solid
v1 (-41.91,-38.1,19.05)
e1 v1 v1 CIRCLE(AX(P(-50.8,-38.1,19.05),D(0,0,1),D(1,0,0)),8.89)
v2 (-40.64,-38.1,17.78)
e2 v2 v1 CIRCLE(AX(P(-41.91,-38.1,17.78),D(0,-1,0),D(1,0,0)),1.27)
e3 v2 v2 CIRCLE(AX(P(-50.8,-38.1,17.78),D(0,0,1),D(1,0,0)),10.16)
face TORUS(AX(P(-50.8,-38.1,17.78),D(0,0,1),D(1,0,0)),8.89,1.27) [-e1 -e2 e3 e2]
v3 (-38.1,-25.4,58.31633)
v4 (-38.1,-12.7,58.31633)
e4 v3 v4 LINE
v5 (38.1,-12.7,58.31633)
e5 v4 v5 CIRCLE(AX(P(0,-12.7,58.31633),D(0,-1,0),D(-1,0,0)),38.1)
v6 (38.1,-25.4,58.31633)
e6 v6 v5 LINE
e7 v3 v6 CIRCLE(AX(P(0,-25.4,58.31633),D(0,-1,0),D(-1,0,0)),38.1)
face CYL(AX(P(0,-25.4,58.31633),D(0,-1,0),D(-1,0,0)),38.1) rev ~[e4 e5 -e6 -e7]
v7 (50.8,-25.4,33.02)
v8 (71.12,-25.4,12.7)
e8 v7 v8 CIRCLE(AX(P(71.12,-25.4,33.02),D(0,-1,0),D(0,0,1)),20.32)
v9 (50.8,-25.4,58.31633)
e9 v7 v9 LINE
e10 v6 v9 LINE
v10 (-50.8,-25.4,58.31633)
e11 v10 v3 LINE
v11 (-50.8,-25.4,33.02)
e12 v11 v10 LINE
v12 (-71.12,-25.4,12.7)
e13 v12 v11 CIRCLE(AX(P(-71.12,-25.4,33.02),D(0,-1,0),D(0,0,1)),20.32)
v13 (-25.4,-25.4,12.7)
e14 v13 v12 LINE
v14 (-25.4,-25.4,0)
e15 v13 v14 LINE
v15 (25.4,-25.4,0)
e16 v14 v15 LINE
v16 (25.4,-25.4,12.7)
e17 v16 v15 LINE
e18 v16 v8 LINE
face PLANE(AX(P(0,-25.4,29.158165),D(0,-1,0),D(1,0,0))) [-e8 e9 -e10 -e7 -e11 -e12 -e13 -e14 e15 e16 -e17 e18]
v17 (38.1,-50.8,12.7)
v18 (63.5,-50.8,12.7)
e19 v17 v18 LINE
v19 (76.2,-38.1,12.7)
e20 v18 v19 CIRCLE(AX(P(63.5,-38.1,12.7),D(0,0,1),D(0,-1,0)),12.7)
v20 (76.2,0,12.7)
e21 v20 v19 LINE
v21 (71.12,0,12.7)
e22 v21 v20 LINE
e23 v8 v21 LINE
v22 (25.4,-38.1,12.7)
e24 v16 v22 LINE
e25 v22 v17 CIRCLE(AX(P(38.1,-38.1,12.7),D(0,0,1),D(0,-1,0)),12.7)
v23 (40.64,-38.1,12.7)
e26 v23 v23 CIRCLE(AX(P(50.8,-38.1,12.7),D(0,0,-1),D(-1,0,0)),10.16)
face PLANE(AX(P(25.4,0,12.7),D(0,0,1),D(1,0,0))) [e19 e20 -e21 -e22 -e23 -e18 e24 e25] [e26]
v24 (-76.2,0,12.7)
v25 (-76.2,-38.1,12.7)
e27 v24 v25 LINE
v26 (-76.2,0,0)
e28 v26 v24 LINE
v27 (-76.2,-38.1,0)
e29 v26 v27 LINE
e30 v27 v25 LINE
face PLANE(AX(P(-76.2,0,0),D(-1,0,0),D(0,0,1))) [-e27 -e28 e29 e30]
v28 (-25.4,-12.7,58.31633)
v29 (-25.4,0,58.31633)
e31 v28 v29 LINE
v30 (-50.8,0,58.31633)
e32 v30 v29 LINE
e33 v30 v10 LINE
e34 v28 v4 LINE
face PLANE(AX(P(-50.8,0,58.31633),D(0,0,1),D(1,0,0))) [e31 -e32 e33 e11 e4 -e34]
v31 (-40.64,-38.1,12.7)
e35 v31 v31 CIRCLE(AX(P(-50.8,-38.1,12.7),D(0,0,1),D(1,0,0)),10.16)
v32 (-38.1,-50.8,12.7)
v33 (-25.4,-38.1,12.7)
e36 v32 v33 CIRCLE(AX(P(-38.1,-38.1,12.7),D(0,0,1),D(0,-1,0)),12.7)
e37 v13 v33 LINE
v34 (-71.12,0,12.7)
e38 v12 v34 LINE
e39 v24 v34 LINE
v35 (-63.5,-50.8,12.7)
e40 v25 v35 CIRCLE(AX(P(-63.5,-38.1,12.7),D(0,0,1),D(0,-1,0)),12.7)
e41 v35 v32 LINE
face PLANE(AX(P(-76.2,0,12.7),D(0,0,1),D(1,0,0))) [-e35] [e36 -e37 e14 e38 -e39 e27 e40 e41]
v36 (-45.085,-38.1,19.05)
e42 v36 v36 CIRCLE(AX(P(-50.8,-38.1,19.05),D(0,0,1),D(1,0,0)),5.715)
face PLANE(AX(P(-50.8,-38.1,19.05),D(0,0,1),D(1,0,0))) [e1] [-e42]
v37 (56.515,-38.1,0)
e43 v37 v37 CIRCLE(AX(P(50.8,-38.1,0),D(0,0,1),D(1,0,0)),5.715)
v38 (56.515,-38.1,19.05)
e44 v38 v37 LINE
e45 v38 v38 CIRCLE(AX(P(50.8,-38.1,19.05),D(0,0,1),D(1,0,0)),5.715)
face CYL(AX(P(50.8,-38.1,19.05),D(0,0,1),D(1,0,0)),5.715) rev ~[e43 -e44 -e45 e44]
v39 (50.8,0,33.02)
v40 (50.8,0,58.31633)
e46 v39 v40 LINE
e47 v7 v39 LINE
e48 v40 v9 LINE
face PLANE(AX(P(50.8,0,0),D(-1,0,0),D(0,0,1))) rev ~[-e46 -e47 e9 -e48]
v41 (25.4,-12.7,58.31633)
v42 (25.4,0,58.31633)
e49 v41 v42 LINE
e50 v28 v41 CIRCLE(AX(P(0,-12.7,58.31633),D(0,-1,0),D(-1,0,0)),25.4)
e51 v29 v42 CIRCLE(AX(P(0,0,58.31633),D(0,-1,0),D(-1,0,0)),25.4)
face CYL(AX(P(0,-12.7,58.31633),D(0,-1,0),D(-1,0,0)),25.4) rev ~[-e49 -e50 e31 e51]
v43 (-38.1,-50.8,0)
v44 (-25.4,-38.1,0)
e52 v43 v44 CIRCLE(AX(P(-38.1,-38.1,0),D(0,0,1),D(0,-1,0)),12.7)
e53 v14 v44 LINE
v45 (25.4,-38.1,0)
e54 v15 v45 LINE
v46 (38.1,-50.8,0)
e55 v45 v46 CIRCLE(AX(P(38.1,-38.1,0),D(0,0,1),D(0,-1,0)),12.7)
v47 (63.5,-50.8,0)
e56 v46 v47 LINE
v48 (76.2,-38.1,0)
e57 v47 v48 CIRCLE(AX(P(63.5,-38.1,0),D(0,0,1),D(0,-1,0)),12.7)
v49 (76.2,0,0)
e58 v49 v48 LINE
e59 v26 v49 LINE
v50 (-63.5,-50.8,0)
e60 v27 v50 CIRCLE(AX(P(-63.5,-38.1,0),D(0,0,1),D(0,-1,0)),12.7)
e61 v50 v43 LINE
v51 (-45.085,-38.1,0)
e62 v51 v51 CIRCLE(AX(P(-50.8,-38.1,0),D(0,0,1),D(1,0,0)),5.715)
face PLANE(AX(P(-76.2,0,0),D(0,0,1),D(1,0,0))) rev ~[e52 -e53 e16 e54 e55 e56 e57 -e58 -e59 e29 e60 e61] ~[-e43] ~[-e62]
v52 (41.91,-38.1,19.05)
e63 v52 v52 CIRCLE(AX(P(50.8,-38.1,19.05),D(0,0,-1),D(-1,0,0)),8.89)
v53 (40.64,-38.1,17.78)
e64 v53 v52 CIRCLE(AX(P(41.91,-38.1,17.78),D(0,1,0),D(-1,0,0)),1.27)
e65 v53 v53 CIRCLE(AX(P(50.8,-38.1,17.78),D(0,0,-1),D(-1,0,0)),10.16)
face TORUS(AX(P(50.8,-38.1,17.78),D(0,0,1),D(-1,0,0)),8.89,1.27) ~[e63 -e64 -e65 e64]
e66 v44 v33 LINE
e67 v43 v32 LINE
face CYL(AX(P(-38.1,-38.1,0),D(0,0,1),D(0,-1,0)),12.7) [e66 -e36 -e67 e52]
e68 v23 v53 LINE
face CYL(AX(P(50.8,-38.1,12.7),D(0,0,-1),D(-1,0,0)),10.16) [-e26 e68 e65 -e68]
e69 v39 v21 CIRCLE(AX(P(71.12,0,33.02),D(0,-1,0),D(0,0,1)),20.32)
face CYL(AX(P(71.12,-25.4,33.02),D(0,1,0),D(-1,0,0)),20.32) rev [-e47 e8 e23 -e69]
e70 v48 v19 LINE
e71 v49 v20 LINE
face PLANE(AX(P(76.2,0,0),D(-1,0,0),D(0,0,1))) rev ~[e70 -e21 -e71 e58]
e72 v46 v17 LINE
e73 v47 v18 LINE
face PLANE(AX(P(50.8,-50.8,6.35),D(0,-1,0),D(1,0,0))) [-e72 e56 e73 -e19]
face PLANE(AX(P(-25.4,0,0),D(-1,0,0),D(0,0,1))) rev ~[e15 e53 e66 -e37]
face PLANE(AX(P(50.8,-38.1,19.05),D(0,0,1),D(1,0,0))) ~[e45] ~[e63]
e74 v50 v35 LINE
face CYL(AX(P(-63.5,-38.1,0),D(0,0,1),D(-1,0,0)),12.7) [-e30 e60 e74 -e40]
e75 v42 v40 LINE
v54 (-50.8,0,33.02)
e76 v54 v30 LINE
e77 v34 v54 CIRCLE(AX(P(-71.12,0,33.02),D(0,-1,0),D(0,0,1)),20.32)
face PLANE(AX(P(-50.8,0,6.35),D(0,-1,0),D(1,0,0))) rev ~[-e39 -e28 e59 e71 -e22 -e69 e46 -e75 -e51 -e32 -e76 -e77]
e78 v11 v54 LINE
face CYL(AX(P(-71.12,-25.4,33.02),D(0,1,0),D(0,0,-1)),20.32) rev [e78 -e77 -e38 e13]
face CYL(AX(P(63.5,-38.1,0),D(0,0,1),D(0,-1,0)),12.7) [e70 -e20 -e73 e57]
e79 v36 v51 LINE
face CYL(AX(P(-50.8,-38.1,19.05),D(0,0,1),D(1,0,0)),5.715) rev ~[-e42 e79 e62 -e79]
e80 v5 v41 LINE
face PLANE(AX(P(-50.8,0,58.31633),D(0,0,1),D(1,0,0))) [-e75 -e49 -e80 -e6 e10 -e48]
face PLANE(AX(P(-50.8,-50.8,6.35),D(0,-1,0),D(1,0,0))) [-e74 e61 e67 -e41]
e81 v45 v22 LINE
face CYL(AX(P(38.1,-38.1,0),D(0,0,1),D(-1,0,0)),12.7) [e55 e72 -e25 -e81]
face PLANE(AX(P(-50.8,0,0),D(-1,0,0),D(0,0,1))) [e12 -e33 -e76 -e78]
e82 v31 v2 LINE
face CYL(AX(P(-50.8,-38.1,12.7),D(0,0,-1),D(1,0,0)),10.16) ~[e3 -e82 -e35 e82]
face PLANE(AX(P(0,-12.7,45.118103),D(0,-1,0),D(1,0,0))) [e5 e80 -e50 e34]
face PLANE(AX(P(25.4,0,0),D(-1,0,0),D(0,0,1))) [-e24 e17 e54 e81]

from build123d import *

# Parameters (mm, degrees)
F0_W      = 101.6
F0_H      = 58.316330242
F2_DEPTH  = 25.4
F1_W      = 50.8
F1_H      = 12.7
F3_DEPTH  = 50.8
F5_R      = 12.7
F4_R      = 10.16
F6_DEPTH  = 6.35
F8_R      = 1.27
F10_DEPTH = 12.7
F12_DEPTH = 12.701
F13_R     = 20.32
F14_R     = 5.715
F15_DEPTH = 19.051


with BuildPart() as f2:
    # F0 (on Front) → F2 (new body)
    with BuildSketch(Plane.XZ):
        with Locations((0, 29.158165121)):
            Rectangle(F0_W, F0_H)
    extrude(amount=F2_DEPTH)

    # F1 (on Front) → F3 (join)
    with BuildSketch(Plane.XZ):
        with Locations((-50.8, 6.35)):
            Rectangle(F1_W, F1_H)
        with Locations((50.8, 6.35)):
            Rectangle(F1_W, F1_H)
    extrude(amount=F3_DEPTH)

    # F5
    f5_edges = [f2.edges().sort_by_distance(p)[0] for p in [
        (-76.2, -50.8, 6.35),
        (-25.4, -50.8, 6.35),
        (25.4, -50.8, 6.35),
        (76.2, -50.8, 6.35),
    ]]
    fillet(f5_edges, radius=F5_R)

    # F4 (on face) → F6 (join)
    with BuildSketch(Plane.XY.offset(12.7)):
        with Locations((-50.8, -38.1)):
            Circle(F4_R)
    extrude(amount=F6_DEPTH)

    # F7: F2 across plane


with BuildPart() as f2_1:
    add(f2.part)
    add(f2.part.mirror(Plane.YZ))

    # F8
    f8_edges = [f2_1.edges().sort_by_distance(p)[0] for p in [
        (-60.96, -38.1, 19.05),
        (60.96, -38.1, 19.05),
    ]]
    fillet(f8_edges, radius=F8_R)

    # F9 (on face) → F10 (cut)
    with BuildSketch(Plane.XZ.offset(25.4)):
        with BuildLine():
            ThreePointArc((-38.1, 58.316330242), (0, 20.216330242), (38.1, 58.316330242))
            Line((38.1, 58.316330242), (-38.1, 58.316330242))
        make_face()
    extrude(amount=-F10_DEPTH, mode=Mode.SUBTRACT)

    # F11 (on face) → F12 (cut, through all)
    with BuildSketch(Plane.XZ.offset(12.7)):
        with BuildLine():
            ThreePointArc((-25.4, 58.316330242), (0, 32.916330242), (25.4, 58.316330242))
            Line((25.4, 58.316330242), (-25.4, 58.316330242))
        make_face()
    extrude(amount=-F12_DEPTH, mode=Mode.SUBTRACT)

    # F13
    f13_edges = [f2_1.edges().sort_by_distance(p)[0] for p in [
        (50.8, -12.7, 12.7),
        (-50.8, -12.7, 12.7),
    ]]
    fillet(f13_edges, radius=F13_R)

    # F14 (on face) → F15 (cut, through all)
    with BuildSketch(Plane.XY.offset(19.05)):
        with Locations((-50.8, -38.1)):
            Circle(F14_R)
        with Locations((50.8, -38.1)):
            Circle(F14_R)
    extrude(amount=-F15_DEPTH, mode=Mode.SUBTRACT)


solid = f2_1.part
